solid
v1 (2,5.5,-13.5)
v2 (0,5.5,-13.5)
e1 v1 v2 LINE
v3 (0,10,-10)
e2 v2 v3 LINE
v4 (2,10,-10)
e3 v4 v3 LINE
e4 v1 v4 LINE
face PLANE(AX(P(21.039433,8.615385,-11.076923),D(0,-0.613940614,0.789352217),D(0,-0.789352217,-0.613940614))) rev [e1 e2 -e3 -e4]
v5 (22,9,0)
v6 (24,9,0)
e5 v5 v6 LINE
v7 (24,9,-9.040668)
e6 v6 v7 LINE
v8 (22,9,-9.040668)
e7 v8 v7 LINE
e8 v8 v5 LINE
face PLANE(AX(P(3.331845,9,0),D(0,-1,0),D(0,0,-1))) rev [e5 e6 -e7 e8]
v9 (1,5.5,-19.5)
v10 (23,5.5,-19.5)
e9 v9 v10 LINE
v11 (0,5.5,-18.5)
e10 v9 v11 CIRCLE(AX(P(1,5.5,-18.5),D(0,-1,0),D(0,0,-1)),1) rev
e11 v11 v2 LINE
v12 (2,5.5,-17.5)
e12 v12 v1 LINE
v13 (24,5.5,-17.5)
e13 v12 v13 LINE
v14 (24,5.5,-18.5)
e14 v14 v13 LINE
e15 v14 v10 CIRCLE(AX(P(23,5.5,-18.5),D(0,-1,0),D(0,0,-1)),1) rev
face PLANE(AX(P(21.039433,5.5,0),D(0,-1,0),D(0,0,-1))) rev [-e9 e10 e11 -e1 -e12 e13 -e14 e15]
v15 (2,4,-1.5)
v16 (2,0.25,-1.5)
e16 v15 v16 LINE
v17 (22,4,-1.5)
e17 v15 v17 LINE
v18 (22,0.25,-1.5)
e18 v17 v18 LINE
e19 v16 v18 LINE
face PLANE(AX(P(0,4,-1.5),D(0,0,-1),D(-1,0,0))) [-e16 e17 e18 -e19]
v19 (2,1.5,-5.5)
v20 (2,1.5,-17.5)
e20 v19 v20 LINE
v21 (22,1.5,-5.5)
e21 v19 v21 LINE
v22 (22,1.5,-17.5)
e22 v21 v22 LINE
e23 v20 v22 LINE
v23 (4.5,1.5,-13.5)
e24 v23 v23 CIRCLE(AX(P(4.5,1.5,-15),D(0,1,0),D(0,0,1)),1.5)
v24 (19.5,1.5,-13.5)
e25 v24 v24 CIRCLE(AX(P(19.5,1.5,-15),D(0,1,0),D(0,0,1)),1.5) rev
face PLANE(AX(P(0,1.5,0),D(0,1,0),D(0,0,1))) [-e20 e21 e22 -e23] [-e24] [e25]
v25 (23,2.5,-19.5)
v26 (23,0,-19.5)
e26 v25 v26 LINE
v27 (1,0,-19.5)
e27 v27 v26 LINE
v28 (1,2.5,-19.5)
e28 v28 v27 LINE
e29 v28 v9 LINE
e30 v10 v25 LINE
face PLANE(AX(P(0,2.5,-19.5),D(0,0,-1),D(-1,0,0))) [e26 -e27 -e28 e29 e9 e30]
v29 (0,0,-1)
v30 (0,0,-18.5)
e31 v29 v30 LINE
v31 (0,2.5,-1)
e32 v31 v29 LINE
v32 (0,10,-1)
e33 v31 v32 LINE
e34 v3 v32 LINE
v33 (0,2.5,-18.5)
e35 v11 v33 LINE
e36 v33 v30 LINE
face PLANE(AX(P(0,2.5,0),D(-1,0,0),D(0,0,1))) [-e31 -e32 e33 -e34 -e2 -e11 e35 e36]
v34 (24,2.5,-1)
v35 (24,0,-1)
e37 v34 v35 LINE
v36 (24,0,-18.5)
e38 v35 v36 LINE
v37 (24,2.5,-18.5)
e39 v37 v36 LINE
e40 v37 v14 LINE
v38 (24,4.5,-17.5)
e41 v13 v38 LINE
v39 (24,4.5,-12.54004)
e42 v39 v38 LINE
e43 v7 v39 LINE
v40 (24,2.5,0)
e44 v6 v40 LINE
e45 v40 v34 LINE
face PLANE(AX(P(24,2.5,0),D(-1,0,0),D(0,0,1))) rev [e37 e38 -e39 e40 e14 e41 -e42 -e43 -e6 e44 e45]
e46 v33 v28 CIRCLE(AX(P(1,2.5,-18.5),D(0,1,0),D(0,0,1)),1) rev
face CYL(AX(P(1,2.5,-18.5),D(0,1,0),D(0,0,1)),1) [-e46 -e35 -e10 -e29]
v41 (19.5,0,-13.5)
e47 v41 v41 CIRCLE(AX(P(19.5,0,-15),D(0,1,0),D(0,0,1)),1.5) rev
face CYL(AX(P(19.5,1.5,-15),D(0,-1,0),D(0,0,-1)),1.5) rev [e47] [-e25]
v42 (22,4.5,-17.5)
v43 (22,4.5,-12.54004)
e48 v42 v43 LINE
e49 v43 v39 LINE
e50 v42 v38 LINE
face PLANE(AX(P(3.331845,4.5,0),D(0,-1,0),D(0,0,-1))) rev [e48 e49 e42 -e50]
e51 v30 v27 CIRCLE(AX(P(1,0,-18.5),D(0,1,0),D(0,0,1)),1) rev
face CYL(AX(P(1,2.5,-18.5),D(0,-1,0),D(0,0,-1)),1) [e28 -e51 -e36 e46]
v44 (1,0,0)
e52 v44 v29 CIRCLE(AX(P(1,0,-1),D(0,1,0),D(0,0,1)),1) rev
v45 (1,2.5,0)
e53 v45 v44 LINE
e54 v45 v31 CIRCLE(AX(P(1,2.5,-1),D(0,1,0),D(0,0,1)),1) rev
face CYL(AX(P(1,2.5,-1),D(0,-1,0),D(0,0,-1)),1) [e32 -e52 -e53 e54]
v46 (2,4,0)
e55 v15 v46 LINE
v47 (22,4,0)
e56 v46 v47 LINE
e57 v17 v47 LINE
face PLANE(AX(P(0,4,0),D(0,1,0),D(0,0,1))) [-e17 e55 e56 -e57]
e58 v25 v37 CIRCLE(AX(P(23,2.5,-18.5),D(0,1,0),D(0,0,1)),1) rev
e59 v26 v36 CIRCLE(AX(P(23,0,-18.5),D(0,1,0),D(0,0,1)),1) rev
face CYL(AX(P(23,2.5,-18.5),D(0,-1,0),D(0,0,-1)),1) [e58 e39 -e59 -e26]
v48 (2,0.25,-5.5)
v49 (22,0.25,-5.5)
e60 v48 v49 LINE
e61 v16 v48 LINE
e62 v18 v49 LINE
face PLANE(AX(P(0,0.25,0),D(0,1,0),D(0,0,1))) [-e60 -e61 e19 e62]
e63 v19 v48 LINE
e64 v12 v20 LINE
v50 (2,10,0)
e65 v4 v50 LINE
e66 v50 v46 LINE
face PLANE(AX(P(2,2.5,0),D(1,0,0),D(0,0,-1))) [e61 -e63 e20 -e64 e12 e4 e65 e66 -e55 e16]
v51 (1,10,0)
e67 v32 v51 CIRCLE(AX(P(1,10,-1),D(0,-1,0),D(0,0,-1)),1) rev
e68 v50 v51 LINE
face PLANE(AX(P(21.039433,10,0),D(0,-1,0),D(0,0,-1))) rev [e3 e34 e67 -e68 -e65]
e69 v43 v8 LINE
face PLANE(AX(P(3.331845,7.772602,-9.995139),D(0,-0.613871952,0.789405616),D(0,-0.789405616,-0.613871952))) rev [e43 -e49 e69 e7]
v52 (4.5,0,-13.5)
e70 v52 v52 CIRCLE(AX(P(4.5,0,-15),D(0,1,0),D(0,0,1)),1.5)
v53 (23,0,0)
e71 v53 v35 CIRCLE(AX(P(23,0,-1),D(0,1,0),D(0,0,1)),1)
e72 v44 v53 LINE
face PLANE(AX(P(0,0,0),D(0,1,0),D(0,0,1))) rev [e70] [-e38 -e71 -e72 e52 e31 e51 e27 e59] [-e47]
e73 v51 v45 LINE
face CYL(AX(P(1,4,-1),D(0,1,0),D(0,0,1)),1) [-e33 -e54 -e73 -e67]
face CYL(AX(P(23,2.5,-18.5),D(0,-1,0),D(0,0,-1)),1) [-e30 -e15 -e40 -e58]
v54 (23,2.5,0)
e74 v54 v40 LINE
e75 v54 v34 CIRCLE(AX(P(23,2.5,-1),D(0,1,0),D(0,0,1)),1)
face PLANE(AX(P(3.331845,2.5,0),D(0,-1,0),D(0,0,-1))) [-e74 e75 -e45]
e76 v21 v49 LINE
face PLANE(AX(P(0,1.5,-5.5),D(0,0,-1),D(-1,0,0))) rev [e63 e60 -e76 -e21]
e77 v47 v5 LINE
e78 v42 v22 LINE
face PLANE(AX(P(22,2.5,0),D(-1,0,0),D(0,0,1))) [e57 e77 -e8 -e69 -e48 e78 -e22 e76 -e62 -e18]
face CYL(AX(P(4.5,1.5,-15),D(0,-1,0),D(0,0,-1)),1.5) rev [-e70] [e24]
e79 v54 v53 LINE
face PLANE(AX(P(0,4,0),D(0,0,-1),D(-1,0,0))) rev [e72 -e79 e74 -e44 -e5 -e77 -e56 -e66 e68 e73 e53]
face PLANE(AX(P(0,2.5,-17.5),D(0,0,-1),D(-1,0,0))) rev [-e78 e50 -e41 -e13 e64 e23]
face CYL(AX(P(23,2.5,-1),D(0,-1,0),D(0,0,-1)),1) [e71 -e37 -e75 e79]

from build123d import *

# Parameters (mm, degrees)
SKETCH3_W            = 10
SKETCH3_H            = 12
SKETCH3_R            = 1.5
BOSS_EXTRUDE2_DEPTH  = 1.5
SKETCH3_5_W          = 20
SKETCH3_5_H          = 1.5
BOSS_EXTRUDE4_DEPTH  = 4
SKETCH3_6_W          = 10
SKETCH3_6_H          = 4
BOSS_EXTRUDE5_DEPTH  = 0.25
BOSS_EXTRUDE7_DEPTH  = 2.5
BOSS_EXTRUDE10_DEPTH = 2
BOSS_EXTRUDE11_DEPTH = 24
FILLET5_R            = 1
FILLET6_R            = 1
BOSS_EXTRUDE12_DEPTH = 2


with BuildPart() as part:
    # Sketch3 → Boss-Extrude2 (new body)
    # profile 1 of 2: a face of its own
    with BuildSketch(Plane(origin=(0, 0, 0), x_dir=(1, 0, 0), z_dir=(0, 1, 0))):
        with Locations((7, 11.5)):
            Rectangle(SKETCH3_W, SKETCH3_H)
        with Locations(Location((4.5, 15, 0), (0, 0, 270))):
            Circle(SKETCH3_R, mode=Mode.SUBTRACT)
    # profile 2 of 2: a face of its own
    with BuildSketch(Plane(origin=(0, 0, 0), x_dir=(1, 0, 0), z_dir=(0, 1, 0))):
        with Locations((17, 11.5)):
            Rectangle(SKETCH3_W, SKETCH3_H)
        with Locations(Location((19.5, 15, 0), (0, 0, 270))):
            Circle(SKETCH3_R, mode=Mode.SUBTRACT)
    extrude(amount=BOSS_EXTRUDE2_DEPTH)

    # Sketch3<6> → Boss-Extrude5 (add)
    with BuildSketch(Plane(origin=(0, 0, 0), x_dir=(1, 0, 0), z_dir=(0, 1, 0))):
        with Locations((17, 3.5)):
            Rectangle(SKETCH3_6_W, SKETCH3_6_H)
        with Locations((7, 3.5)):
            Rectangle(SKETCH3_6_W, SKETCH3_6_H)
    extrude(amount=BOSS_EXTRUDE5_DEPTH)



with BuildPart() as body_2:
    # Sketch3<5> → Boss-Extrude4 (new body)
    with BuildSketch(Plane(origin=(0, 0, 0), x_dir=(1, 0, 0), z_dir=(0, 1, 0))):
        with Locations((12, 0.75)):
            Rectangle(SKETCH3_5_W, SKETCH3_5_H)
    extrude(amount=BOSS_EXTRUDE4_DEPTH)


with BuildPart() as part_1:
    add(part.part)

    add(body_2.part)  # Boss-Extrude7 merges body 2
    # Sketch3<8> → Boss-Extrude7 (add)
    with BuildSketch(Plane(origin=(0, 0, 0), x_dir=(1, 0, 0), z_dir=(0, 1, 0))):
        with BuildLine():
            ThreePointArc((0, 1), (0.292893219, 0.292893219), (1, 0))
            Line((1, 0), (2, 0))
            Line((2, 0), (2, 1.5))
            Line((2, 1.5), (2, 5.5))
            Line((2, 5.5), (2, 17.5))
            Line((2, 17.5), (22, 17.5))
            Line((22, 17.5), (22, 5.5))
            Line((22, 5.5), (22, 1.5))
            Line((22, 1.5), (22, 0))
            Line((22, 0), (23, 0))
            ThreePointArc((23, 0), (23.707106781, 0.292893219), (24, 1))
            Line((24, 1), (24, 18.5))
            ThreePointArc((24, 18.5), (23.707106781, 19.207106781), (23, 19.5))
            Line((23, 19.5), (1, 19.5))
            ThreePointArc((1, 19.5), (0.292893219, 19.207106781), (0, 18.5))
            Line((0, 18.5), (0, 1))
        make_face()
    extrude(amount=BOSS_EXTRUDE7_DEPTH)

    # Sketch9 → Boss-Extrude10 (add)
    with BuildSketch(Plane(origin=(0, 0, 0), x_dir=(0, 0, -1), z_dir=(1, 0, 0))):
        Polygon((0, 2.5), (17.5, 2.5), (17.5, 5.5), (13.5, 5.5), (10, 10), (0, 10), align=None)
    extrude(amount=BOSS_EXTRUDE10_DEPTH)

    # Sketch4 → Boss-Extrude11 (add, through all)
    with BuildSketch(Plane(origin=(24, 0, 0), x_dir=(0, 0, -1), z_dir=(1, 0, 0))):
        Polygon((18.5, 2.5), (19.5, 2.5), (19.5, 5.5), (17.5, 5.5), (17.5, 4.5), (17.5, 2.5), align=None)
    extrude(amount=-BOSS_EXTRUDE11_DEPTH)

    # Fillet5
    fillet5_edges = [part_1.edges().sort_by_distance(p)[0] for p in [
        (24, 4, -19.5),
        (0, 4, -19.5),
    ]]
    fillet(fillet5_edges, radius=FILLET5_R)

    # Fillet6
    fillet6_edges = [part_1.edges().sort_by_distance(p)[0] for p in [
        (0, 6.25, 0),
    ]]
    fillet(fillet6_edges, radius=FILLET6_R)

    # Sketch4<4> → Boss-Extrude12 (add)
    with BuildSketch(Plane(origin=(24, 0, 0), x_dir=(0, 0, -1), z_dir=(1, 0, 0))):
        Polygon((0, 2.5), (17.5, 2.5), (17.5, 4.5), (12.540039711, 4.5), (9.040667866, 9), (0, 9), align=None)
    extrude(amount=-BOSS_EXTRUDE12_DEPTH)


solid = part_1.part
